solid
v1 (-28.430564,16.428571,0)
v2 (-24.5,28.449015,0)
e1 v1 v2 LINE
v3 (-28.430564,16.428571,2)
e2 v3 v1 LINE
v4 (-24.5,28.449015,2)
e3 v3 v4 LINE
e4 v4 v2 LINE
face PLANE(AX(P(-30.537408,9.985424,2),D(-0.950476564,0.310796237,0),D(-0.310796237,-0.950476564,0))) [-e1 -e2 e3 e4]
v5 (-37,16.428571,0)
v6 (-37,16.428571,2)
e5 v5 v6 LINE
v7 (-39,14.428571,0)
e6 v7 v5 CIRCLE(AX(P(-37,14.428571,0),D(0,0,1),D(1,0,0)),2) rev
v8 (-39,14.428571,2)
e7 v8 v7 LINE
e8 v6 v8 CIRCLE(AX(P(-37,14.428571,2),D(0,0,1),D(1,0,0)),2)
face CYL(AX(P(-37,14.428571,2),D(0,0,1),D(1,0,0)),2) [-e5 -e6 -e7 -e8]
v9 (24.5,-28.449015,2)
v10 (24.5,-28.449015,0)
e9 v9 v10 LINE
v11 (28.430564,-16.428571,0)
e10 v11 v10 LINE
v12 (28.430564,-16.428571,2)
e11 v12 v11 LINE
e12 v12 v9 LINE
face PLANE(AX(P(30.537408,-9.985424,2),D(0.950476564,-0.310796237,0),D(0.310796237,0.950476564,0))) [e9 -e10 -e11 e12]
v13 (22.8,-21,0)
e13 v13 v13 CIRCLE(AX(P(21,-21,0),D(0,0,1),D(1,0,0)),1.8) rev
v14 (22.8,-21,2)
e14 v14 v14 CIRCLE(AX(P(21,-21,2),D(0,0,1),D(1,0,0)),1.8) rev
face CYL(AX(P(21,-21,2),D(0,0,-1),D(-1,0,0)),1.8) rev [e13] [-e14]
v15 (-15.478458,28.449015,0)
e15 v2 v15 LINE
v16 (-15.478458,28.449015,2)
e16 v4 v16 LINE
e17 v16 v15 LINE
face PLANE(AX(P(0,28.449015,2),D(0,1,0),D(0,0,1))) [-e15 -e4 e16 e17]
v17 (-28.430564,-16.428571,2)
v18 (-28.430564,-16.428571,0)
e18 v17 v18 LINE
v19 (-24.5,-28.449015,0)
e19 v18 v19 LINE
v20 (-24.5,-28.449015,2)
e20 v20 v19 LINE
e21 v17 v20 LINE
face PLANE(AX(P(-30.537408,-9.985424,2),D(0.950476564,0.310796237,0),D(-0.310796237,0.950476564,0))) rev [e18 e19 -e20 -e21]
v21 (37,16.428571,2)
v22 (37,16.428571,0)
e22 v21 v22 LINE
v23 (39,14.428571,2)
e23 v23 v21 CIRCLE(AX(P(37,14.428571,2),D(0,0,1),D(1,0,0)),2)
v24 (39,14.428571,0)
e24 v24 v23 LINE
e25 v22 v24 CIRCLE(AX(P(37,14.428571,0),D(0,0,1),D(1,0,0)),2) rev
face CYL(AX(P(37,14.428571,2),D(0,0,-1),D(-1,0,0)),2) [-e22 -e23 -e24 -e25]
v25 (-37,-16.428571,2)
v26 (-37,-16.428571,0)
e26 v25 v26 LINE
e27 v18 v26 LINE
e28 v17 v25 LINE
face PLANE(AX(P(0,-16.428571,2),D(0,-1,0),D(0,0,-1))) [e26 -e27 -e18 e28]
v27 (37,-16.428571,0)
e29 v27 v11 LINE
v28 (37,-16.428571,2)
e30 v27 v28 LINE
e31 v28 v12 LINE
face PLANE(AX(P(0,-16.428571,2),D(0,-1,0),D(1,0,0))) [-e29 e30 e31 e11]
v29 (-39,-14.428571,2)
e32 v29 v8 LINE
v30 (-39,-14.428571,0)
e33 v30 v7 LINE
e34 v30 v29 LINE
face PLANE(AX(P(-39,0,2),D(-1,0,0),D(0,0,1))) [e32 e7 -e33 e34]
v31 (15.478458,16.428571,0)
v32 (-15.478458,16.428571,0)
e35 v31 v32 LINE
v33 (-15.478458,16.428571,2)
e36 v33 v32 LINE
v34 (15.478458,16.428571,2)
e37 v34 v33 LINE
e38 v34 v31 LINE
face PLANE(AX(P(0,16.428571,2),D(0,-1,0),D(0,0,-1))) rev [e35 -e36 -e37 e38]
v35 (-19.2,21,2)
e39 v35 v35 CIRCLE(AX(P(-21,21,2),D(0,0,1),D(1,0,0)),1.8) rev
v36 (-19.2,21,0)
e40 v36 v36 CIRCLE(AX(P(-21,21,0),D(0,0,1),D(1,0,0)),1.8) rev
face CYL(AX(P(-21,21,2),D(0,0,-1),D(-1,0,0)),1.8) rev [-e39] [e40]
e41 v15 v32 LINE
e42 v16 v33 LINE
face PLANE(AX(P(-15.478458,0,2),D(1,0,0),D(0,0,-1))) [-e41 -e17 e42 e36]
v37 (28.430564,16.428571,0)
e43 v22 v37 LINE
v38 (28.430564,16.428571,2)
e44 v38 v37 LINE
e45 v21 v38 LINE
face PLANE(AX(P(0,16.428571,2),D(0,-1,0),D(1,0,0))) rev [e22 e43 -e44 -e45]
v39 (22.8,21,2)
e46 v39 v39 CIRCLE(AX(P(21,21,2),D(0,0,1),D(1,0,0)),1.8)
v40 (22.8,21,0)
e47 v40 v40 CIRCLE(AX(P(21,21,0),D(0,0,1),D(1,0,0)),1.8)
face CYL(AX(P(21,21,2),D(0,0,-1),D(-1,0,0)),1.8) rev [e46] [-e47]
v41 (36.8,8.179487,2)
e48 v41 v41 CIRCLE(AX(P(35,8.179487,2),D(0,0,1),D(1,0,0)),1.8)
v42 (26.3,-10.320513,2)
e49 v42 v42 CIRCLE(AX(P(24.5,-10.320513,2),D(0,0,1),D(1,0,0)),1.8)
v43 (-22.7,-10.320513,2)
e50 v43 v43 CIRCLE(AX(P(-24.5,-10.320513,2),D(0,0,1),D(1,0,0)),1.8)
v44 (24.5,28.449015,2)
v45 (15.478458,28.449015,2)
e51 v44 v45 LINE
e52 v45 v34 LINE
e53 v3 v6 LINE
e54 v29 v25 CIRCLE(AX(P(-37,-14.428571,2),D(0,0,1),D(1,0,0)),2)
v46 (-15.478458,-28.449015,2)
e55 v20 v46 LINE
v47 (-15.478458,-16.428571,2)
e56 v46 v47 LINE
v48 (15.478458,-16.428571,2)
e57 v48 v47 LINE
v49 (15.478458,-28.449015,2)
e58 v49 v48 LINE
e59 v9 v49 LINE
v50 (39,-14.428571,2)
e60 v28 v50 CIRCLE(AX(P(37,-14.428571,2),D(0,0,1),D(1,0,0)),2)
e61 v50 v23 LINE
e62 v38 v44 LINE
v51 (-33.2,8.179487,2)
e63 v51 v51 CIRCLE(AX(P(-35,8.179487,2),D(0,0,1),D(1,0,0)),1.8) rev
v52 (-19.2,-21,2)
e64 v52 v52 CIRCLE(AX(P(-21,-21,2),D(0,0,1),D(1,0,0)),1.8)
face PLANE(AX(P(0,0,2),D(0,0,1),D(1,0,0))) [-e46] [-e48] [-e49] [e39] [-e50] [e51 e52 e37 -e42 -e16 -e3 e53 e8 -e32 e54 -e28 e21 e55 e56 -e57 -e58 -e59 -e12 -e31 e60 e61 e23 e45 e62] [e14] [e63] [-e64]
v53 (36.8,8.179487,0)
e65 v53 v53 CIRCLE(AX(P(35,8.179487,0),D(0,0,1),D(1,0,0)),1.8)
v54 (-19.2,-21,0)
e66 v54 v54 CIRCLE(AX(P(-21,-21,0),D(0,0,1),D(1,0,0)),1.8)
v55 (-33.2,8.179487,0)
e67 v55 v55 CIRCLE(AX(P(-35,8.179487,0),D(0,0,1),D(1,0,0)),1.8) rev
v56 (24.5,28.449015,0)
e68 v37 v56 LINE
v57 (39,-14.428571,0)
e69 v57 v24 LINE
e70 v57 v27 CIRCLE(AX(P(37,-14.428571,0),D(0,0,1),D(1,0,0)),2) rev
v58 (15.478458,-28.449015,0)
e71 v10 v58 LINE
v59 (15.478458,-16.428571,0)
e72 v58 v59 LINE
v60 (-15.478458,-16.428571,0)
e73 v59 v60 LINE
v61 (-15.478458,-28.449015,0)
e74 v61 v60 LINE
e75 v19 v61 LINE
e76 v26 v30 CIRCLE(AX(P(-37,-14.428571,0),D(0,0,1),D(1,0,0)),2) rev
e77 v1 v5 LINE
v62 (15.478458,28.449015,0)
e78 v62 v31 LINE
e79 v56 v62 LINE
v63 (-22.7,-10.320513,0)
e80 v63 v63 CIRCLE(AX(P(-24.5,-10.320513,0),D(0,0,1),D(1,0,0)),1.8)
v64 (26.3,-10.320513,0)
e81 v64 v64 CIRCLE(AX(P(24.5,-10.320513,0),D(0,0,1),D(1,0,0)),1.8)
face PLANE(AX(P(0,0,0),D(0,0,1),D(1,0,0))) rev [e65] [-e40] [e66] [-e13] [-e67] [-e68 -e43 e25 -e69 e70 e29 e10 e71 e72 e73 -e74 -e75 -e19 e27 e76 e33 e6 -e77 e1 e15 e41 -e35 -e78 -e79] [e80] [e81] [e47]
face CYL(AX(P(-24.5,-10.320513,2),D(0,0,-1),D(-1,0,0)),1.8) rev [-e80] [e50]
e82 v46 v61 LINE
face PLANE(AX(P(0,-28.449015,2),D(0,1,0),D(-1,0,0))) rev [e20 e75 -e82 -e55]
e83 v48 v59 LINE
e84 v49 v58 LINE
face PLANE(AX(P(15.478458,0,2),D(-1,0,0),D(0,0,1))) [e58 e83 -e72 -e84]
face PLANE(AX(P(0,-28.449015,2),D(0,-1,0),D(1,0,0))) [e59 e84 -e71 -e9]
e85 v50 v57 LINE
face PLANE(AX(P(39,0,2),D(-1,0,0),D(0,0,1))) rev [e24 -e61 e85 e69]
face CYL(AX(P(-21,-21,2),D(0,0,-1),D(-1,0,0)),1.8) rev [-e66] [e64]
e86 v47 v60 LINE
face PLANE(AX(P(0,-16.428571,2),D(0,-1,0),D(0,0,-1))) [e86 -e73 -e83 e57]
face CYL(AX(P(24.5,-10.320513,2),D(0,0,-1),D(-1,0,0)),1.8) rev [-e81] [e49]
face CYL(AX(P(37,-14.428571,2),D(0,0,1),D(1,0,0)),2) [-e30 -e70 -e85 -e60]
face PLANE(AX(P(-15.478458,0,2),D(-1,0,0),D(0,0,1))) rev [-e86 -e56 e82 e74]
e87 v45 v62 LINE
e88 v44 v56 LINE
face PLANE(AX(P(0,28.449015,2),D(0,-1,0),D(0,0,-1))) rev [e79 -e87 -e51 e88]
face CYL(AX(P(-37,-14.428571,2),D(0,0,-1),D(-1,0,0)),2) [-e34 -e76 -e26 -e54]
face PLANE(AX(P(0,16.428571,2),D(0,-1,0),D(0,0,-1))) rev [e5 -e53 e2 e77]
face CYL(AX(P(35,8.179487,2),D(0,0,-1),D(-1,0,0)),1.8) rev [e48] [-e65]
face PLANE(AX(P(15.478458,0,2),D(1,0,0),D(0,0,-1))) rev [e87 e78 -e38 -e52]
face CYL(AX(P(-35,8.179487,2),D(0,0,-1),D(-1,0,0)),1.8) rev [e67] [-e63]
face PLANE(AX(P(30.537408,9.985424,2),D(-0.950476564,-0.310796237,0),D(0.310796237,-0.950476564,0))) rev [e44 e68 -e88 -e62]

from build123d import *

# Parameters (mm, degrees)
SKETCH_1_R      = 1.8
EXTRUDE_1_DEPTH = 2
FILLET_1_R      = 2


with BuildPart() as part:
    # 草图1 → 凸台-拉伸1 (new body)
    with BuildSketch(Plane.XY):
        Polygon((15.478457886, -16.428571429), (-15.478457886, -16.428571429), (-15.478457886, -28.449015282), (-24.5, -28.449015282), (-28.430563732, -16.428571429), (-39, -16.428571429), (-39, 16.428571429), (-28.430563732, 16.428571429), (-24.5, 28.449015282), (-15.478457886, 28.449015282), (-15.478457886, 16.428571429), (15.478457886, 16.428571429), (15.478457886, 28.449015282), (24.5, 28.449015282), (28.430563732, 16.428571429), (39, 16.428571429), (39, -16.428571429), (28.430563732, -16.428571429), (24.5, -28.449015282), (15.478457886, -28.449015282), align=None)
        with Locations((-21, 21)):
            Circle(SKETCH_1_R, mode=Mode.SUBTRACT)
        with Locations((21, 21)):
            Circle(SKETCH_1_R, mode=Mode.SUBTRACT)
        with Locations((24.5, -10.320512821)):
            Circle(SKETCH_1_R, mode=Mode.SUBTRACT)
        with Locations((-24.5, -10.320512821)):
            Circle(SKETCH_1_R, mode=Mode.SUBTRACT)
        with Locations((35, 8.179487179)):
            Circle(SKETCH_1_R, mode=Mode.SUBTRACT)
        with Locations((-35, 8.179487179)):
            Circle(SKETCH_1_R, mode=Mode.SUBTRACT)
        with Locations((-21, -21)):
            Circle(SKETCH_1_R, mode=Mode.SUBTRACT)
        with Locations((21, -21)):
            Circle(SKETCH_1_R, mode=Mode.SUBTRACT)
    extrude(amount=EXTRUDE_1_DEPTH)

    # 圆角1
    fillet_1_edges = [part.edges().sort_by_distance(p)[0] for p in [
        (-39, -16.428571429, 1),
        (-39, 16.428571429, 1),
        (39, 16.428571429, 1),
        (39, -16.428571429, 1),
    ]]
    fillet(fillet_1_edges, radius=FILLET_1_R)


solid = part.part
